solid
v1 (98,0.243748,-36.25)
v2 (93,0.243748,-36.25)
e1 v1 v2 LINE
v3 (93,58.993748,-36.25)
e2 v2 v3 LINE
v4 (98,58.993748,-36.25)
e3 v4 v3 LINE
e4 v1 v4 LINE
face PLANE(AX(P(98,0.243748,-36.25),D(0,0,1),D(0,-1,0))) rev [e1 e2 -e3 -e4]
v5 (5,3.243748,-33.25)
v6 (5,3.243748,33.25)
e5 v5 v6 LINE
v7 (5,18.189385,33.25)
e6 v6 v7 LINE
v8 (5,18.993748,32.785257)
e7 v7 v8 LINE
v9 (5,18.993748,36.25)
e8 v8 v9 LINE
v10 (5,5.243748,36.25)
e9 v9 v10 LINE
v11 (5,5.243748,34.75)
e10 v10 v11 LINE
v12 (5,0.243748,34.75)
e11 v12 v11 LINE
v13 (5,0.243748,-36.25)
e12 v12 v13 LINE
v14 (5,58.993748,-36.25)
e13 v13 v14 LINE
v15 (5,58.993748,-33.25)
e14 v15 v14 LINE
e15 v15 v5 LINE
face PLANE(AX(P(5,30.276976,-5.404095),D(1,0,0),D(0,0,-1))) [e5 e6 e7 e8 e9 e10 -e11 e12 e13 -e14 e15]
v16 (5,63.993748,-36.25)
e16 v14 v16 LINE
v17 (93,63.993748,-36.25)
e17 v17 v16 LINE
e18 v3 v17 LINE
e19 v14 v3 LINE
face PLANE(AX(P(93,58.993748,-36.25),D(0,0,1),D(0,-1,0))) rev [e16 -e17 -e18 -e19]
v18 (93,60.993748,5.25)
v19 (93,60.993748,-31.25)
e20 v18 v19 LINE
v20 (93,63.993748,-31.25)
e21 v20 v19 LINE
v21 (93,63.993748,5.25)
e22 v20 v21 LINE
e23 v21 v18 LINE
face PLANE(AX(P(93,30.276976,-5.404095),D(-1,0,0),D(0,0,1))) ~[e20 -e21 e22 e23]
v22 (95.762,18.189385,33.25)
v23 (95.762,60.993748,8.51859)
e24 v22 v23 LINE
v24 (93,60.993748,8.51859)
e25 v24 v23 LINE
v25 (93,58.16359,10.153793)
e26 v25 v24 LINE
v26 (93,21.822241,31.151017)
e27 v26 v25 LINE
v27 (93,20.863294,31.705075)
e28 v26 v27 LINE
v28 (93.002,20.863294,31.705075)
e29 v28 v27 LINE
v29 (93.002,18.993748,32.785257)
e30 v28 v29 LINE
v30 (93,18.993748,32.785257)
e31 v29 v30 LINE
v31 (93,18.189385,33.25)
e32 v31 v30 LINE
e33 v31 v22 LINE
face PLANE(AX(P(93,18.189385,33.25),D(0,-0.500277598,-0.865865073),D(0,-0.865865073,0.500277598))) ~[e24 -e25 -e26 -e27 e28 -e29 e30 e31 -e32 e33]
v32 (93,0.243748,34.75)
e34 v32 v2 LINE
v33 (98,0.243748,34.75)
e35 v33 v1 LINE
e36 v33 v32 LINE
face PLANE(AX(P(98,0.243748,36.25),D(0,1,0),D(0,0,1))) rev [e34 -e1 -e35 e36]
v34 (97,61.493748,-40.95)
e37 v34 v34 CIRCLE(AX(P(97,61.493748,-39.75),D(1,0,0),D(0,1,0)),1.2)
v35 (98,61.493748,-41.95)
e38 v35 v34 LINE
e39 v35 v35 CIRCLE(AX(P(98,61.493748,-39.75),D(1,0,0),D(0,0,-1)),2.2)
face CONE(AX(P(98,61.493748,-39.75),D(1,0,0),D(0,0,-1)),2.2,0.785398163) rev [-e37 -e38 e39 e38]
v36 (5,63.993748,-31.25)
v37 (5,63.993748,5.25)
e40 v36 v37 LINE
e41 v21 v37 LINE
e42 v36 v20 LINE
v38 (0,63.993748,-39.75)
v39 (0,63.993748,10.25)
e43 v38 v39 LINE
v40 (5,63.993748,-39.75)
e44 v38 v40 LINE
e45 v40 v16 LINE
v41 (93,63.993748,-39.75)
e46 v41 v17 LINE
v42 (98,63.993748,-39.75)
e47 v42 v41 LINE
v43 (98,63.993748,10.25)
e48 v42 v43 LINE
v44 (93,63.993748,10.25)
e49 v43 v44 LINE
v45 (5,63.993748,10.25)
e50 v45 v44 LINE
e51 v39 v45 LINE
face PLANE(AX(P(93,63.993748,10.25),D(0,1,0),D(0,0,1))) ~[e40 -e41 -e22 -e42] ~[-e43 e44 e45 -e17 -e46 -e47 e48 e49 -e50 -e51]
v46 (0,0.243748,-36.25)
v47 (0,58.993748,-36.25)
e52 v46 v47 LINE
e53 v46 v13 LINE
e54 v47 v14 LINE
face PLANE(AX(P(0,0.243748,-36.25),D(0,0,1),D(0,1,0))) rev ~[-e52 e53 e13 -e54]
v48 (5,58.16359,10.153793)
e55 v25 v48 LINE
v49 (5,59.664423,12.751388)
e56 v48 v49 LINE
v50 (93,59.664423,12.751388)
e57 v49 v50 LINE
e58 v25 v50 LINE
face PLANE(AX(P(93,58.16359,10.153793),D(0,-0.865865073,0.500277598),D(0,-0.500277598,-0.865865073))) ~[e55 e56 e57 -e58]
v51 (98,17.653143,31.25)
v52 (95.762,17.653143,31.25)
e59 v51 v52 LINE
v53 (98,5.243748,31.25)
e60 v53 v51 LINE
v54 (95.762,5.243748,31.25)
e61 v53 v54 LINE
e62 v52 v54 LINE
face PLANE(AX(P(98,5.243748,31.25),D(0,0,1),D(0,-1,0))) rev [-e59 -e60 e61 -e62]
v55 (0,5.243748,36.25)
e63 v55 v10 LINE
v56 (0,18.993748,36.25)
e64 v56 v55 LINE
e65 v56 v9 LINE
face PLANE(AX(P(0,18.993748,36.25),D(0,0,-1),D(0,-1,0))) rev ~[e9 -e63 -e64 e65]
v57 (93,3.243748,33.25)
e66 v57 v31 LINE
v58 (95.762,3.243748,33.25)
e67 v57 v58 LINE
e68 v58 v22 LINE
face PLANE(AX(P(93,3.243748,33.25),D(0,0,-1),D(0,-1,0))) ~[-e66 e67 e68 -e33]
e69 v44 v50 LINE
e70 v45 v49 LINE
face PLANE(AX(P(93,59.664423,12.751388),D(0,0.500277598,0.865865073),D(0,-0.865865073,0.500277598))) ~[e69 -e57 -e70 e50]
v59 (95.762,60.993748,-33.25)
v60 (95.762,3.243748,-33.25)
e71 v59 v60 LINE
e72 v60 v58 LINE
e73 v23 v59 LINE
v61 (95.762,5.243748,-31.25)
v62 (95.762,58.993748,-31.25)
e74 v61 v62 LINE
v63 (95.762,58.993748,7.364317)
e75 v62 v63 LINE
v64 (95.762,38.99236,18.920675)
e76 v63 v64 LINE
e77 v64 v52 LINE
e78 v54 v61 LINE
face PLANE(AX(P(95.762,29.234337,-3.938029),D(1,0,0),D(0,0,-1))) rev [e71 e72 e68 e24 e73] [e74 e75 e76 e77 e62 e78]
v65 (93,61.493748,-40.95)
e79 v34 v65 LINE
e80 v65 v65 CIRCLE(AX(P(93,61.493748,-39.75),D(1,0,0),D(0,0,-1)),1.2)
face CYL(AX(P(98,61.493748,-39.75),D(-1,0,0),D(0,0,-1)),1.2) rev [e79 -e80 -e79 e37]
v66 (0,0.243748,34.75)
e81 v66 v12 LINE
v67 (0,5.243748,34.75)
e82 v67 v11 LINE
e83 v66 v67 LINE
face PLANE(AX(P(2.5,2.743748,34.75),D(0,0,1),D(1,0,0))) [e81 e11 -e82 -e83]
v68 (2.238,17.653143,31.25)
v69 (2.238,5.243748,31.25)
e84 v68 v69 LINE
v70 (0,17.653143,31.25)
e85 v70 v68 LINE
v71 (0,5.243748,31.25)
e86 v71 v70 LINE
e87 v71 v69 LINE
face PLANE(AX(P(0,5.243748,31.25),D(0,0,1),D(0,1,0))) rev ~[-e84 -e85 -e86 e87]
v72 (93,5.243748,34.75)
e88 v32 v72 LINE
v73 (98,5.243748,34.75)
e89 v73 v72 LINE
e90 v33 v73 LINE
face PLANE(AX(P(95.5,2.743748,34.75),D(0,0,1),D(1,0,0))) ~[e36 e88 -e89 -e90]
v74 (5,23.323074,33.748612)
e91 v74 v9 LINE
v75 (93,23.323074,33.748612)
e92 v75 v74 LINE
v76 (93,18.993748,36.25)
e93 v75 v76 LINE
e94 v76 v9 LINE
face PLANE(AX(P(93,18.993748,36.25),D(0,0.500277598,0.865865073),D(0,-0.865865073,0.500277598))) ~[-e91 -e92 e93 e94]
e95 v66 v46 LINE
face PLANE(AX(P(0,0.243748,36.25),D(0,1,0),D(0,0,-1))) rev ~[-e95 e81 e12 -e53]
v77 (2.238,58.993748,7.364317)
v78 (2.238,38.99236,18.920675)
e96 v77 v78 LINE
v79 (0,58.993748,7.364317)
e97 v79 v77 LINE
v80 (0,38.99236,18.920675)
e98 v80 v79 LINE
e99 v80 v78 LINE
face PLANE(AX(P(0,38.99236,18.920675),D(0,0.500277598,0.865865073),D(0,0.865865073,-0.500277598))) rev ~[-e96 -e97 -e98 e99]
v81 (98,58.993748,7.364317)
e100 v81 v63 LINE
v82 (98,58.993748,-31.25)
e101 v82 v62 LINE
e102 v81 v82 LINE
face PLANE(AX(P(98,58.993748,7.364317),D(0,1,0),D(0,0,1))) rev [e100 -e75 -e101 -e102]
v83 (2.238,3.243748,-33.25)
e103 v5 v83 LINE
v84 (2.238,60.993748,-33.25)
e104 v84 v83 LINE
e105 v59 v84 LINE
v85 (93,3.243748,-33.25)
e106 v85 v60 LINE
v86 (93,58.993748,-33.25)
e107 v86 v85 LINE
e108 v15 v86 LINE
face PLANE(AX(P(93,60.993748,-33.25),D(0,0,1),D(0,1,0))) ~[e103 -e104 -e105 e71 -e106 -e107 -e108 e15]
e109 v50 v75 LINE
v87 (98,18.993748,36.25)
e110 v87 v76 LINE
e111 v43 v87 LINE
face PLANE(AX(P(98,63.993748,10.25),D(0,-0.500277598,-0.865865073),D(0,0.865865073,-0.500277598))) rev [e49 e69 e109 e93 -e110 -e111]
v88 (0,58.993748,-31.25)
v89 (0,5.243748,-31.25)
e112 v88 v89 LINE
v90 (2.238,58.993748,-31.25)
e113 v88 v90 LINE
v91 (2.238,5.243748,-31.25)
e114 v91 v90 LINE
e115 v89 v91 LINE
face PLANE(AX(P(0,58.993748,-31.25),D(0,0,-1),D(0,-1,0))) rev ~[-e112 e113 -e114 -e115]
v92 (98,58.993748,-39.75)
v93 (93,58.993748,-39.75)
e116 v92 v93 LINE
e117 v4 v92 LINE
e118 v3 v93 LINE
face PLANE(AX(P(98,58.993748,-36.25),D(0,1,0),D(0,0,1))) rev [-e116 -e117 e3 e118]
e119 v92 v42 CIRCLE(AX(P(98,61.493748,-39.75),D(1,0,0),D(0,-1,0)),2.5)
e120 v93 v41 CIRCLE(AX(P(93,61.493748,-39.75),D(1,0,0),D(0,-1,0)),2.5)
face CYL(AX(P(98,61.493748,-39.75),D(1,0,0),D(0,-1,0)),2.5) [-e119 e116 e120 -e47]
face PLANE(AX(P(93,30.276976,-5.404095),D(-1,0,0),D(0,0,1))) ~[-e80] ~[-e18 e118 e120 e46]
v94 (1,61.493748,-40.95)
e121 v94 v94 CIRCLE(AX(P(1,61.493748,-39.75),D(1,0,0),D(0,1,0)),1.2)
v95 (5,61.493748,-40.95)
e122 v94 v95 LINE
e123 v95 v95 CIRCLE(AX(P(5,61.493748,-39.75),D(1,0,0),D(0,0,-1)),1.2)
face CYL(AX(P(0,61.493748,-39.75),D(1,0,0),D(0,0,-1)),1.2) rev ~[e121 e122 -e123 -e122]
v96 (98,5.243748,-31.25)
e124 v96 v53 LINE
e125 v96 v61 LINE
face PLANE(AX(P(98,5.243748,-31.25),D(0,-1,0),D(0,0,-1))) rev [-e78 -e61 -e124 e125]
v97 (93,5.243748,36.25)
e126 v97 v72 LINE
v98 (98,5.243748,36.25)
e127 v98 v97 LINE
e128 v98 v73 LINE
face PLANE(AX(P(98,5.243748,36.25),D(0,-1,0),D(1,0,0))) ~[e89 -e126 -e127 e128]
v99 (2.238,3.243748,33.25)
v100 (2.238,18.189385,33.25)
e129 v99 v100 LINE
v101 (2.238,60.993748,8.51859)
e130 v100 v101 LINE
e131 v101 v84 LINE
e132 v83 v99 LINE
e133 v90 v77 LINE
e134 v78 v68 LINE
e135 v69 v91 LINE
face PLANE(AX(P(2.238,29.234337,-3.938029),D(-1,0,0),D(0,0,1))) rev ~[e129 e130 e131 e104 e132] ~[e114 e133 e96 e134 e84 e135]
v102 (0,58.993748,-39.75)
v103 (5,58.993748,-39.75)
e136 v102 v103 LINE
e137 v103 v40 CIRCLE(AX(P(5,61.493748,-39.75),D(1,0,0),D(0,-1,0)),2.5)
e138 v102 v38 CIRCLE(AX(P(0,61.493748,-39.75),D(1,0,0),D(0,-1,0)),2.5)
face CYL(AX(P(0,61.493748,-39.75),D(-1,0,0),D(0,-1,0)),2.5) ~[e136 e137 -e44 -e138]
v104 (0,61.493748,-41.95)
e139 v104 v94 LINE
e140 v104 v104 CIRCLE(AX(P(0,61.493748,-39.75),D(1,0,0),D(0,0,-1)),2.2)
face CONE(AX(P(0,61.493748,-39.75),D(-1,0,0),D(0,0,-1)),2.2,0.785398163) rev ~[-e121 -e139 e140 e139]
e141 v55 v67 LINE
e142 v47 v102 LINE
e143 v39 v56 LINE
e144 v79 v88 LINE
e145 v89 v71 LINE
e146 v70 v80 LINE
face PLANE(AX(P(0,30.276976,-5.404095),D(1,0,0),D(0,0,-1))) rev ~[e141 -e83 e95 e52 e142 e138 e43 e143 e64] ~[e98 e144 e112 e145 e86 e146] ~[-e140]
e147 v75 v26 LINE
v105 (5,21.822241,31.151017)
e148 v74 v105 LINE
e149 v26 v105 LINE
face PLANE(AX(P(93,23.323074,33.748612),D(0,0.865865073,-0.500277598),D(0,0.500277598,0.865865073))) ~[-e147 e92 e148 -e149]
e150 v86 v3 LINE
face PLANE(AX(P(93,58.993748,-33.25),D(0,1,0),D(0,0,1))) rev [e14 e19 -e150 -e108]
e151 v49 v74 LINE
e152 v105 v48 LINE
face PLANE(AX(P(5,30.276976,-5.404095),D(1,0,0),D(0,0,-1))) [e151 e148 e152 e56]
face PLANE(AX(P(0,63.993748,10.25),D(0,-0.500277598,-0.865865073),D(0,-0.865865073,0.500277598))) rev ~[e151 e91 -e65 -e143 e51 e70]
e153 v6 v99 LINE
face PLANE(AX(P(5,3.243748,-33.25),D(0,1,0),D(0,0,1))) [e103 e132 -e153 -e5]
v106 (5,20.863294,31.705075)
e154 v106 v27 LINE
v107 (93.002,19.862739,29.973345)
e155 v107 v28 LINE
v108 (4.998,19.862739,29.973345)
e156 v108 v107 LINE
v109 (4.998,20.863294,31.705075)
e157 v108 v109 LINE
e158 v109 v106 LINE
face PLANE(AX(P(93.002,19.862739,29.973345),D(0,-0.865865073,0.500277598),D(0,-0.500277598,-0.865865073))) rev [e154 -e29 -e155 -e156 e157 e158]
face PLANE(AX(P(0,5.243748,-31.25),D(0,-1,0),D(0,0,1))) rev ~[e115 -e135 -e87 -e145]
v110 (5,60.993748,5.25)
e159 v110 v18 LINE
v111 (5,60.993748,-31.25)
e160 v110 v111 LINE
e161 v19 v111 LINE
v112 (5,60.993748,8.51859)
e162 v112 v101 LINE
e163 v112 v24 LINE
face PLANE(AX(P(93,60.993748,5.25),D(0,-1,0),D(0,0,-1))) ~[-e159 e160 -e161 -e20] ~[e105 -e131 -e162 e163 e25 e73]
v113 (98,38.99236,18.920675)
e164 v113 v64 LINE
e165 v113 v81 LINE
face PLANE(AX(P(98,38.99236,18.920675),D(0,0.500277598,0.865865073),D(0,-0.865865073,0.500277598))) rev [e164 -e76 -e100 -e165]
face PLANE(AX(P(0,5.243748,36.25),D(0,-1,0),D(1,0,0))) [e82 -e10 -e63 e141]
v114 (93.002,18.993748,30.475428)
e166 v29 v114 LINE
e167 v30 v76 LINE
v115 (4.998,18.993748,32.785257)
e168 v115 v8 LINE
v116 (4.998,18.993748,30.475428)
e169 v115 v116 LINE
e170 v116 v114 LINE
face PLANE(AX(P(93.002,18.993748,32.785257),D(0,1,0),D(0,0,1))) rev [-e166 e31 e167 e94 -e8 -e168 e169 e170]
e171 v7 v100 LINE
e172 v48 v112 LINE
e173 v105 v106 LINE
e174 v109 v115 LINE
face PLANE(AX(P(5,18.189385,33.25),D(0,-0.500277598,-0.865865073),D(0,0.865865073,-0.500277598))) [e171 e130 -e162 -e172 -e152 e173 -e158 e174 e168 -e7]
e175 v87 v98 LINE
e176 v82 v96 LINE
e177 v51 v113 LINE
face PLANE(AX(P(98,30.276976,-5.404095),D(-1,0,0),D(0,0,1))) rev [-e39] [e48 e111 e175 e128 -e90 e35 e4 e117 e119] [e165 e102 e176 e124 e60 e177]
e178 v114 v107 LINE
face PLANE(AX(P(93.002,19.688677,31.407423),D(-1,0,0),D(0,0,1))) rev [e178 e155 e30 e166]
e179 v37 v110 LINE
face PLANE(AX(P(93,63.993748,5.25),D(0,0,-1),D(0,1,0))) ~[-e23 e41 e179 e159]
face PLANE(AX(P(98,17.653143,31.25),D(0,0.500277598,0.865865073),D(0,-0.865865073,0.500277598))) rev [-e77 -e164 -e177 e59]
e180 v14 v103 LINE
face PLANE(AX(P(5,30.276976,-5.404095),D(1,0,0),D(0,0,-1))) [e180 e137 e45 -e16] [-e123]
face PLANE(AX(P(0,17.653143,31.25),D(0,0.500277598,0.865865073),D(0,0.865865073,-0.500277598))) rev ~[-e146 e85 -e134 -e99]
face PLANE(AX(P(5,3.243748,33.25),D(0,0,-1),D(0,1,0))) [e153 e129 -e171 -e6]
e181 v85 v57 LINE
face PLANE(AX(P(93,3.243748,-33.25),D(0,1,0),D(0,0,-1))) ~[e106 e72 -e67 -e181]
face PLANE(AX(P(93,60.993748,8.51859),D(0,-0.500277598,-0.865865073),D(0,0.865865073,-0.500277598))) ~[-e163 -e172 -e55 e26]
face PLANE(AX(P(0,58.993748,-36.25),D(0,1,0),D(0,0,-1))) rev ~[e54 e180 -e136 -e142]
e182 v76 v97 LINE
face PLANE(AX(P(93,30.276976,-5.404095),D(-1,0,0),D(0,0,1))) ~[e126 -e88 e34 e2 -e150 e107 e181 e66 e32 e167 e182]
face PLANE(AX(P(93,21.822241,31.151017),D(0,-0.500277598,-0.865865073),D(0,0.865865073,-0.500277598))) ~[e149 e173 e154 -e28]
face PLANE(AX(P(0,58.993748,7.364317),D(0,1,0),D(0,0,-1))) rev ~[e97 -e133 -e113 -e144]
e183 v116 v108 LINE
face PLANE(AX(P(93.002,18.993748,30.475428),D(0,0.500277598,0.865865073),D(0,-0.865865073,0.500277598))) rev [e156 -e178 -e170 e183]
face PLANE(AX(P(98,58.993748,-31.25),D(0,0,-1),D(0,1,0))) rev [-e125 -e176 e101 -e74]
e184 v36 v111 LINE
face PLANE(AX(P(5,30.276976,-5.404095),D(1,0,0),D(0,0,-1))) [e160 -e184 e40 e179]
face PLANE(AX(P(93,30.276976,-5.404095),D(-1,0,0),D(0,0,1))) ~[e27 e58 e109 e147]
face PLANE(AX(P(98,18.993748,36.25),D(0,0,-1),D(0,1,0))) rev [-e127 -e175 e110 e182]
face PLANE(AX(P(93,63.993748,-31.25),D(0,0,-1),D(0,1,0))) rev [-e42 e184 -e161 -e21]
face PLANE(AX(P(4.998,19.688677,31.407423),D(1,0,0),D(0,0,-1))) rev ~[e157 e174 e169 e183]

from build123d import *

# Parameters (mm, degrees)
BOSS_EXTRUDE1_DEPTH                             = 5
CSK_FOR_M2_OVAL_HEAD_MACHINE_SCREW1_D           = 2.4
CSK_FOR_M2_OVAL_HEAD_MACHINE_SCREW1_CSINK_D     = 4.4
CSK_FOR_M2_OVAL_HEAD_MACHINE_SCREW1_CSINK_ANGLE = 90
CUT_EXTRUDE1_DEPTH                              = 2.762
SKETCH9_W                                       = 5
SKETCH9_H                                       = 5
CUT_EXTRUDE3_DEPTH                              = 1.5
BOSS_EXTRUDE2_DEPTH                             = 44
BOSS_EXTRUDE5_START                             = 2.76
BOSS_EXTRUDE5_DEPTH                             = 44.5


with BuildPart() as part:
    # Sketch1 → Boss-Extrude1 (new body)
    with BuildSketch(Plane(origin=(0, 0, 0), x_dir=(0, 0, -1), z_dir=(1, 0, 0))):
        with BuildLine():
            Line((-36.25, 0.243748214), (36.25, 0.243748214))
            Line((36.25, 0.243748214), (36.25, 58.993748214))
            Line((36.25, 58.993748214), (39.75, 58.993748214))
            ThreePointArc((39.75, 58.993748214), (42.25, 61.493748214), (39.75, 63.993748214))
            Line((39.75, 63.993748214), (36.25, 63.993748214))
            Line((36.25, 63.993748214), (-10.25, 63.993748214))
            Line((-10.25, 63.993748214), (-36.25, 18.993748214))
            Line((-36.25, 18.993748214), (-36.25, 0.243748214))
        make_face()
        Polygon((31.25, 5.243748214), (-31.25, 5.243748214), (-31.25, 17.653143244), (-18.920674634, 38.992360224), (-7.364317129, 58.993748214), (31.25, 58.993748214), align=None, mode=Mode.SUBTRACT)
    extrude(amount=BOSS_EXTRUDE1_DEPTH)

    # CSK for M2 Oval Head Machine Screw1 (through all)
    with Locations(Plane.ZY):
        with Locations((-39.75, 61.493748214)):
            CounterSinkHole(CSK_FOR_M2_OVAL_HEAD_MACHINE_SCREW1_D / 2, CSK_FOR_M2_OVAL_HEAD_MACHINE_SCREW1_CSINK_D / 2, counter_sink_angle=CSK_FOR_M2_OVAL_HEAD_MACHINE_SCREW1_CSINK_ANGLE)

    # Sketch6 → Cut-Extrude1 (cut)
    with BuildSketch(Plane(origin=(5, 0, 0), x_dir=(0, 0, -1), z_dir=(1, 0, 0))):
        Polygon((33.25, 60.993748214), (33.25, 3.243748214), (-33.25, 3.243748214), (-33.25, 18.189385232), (-8.518590277, 60.993748214), align=None)
    extrude(amount=-CUT_EXTRUDE1_DEPTH, mode=Mode.SUBTRACT)

    # Sketch9 → Cut-Extrude3 (cut)
    with BuildSketch(Plane.XY.offset(36.25)):
        with Locations((2.5, 2.743748214)):
            Rectangle(SKETCH9_W, SKETCH9_H)
    extrude(amount=-CUT_EXTRUDE3_DEPTH, mode=Mode.SUBTRACT)

    # Sketch10 → Boss-Extrude2 (add)
    with BuildSketch(Plane(origin=(5, 0, 0), x_dir=(0, 0, -1), z_dir=(1, 0, 0))):
        Polygon((-10.25, 63.993748214), (-5.25, 63.993748214), (-5.25, 60.993748214), (-8.518590277, 60.993748214), (-10.15379277, 58.163590054), (-12.751387989, 59.664422848), align=None)
        Polygon((36.25, 58.993748214), (36.25, 63.993748214), (31.25, 63.993748214), (31.25, 60.993748214), (33.25, 60.993748214), (33.25, 58.993748214), align=None)
        Polygon((-36.25, 18.993748214), (-33.748612011, 23.32307358), (-31.151016791, 21.822240786), (-32.785256944, 18.993748214), align=None)
    extrude(amount=BOSS_EXTRUDE2_DEPTH)

    # Sketch14 → Boss-Extrude5 (add)
    with BuildSketch(Plane(origin=(2.238, 0, 0), x_dir=(0, 0, -1), z_dir=(1, 0, 0)).offset(BOSS_EXTRUDE5_START)):
        Polygon((-32.785256944, 18.993748214), (-30.47542824, 18.993748214), (-29.973344698, 19.862738959), (-31.705074845, 20.863294155), align=None)
    extrude(amount=BOSS_EXTRUDE5_DEPTH)

    # Mirror1: part across plane


with BuildPart() as part_1:
    add(part.part)
    add(part.part.mirror(Plane(origin=(49, 0, 0), x_dir=(0, 0, 1), z_dir=(1, 0, 0))))


solid = part_1.part
